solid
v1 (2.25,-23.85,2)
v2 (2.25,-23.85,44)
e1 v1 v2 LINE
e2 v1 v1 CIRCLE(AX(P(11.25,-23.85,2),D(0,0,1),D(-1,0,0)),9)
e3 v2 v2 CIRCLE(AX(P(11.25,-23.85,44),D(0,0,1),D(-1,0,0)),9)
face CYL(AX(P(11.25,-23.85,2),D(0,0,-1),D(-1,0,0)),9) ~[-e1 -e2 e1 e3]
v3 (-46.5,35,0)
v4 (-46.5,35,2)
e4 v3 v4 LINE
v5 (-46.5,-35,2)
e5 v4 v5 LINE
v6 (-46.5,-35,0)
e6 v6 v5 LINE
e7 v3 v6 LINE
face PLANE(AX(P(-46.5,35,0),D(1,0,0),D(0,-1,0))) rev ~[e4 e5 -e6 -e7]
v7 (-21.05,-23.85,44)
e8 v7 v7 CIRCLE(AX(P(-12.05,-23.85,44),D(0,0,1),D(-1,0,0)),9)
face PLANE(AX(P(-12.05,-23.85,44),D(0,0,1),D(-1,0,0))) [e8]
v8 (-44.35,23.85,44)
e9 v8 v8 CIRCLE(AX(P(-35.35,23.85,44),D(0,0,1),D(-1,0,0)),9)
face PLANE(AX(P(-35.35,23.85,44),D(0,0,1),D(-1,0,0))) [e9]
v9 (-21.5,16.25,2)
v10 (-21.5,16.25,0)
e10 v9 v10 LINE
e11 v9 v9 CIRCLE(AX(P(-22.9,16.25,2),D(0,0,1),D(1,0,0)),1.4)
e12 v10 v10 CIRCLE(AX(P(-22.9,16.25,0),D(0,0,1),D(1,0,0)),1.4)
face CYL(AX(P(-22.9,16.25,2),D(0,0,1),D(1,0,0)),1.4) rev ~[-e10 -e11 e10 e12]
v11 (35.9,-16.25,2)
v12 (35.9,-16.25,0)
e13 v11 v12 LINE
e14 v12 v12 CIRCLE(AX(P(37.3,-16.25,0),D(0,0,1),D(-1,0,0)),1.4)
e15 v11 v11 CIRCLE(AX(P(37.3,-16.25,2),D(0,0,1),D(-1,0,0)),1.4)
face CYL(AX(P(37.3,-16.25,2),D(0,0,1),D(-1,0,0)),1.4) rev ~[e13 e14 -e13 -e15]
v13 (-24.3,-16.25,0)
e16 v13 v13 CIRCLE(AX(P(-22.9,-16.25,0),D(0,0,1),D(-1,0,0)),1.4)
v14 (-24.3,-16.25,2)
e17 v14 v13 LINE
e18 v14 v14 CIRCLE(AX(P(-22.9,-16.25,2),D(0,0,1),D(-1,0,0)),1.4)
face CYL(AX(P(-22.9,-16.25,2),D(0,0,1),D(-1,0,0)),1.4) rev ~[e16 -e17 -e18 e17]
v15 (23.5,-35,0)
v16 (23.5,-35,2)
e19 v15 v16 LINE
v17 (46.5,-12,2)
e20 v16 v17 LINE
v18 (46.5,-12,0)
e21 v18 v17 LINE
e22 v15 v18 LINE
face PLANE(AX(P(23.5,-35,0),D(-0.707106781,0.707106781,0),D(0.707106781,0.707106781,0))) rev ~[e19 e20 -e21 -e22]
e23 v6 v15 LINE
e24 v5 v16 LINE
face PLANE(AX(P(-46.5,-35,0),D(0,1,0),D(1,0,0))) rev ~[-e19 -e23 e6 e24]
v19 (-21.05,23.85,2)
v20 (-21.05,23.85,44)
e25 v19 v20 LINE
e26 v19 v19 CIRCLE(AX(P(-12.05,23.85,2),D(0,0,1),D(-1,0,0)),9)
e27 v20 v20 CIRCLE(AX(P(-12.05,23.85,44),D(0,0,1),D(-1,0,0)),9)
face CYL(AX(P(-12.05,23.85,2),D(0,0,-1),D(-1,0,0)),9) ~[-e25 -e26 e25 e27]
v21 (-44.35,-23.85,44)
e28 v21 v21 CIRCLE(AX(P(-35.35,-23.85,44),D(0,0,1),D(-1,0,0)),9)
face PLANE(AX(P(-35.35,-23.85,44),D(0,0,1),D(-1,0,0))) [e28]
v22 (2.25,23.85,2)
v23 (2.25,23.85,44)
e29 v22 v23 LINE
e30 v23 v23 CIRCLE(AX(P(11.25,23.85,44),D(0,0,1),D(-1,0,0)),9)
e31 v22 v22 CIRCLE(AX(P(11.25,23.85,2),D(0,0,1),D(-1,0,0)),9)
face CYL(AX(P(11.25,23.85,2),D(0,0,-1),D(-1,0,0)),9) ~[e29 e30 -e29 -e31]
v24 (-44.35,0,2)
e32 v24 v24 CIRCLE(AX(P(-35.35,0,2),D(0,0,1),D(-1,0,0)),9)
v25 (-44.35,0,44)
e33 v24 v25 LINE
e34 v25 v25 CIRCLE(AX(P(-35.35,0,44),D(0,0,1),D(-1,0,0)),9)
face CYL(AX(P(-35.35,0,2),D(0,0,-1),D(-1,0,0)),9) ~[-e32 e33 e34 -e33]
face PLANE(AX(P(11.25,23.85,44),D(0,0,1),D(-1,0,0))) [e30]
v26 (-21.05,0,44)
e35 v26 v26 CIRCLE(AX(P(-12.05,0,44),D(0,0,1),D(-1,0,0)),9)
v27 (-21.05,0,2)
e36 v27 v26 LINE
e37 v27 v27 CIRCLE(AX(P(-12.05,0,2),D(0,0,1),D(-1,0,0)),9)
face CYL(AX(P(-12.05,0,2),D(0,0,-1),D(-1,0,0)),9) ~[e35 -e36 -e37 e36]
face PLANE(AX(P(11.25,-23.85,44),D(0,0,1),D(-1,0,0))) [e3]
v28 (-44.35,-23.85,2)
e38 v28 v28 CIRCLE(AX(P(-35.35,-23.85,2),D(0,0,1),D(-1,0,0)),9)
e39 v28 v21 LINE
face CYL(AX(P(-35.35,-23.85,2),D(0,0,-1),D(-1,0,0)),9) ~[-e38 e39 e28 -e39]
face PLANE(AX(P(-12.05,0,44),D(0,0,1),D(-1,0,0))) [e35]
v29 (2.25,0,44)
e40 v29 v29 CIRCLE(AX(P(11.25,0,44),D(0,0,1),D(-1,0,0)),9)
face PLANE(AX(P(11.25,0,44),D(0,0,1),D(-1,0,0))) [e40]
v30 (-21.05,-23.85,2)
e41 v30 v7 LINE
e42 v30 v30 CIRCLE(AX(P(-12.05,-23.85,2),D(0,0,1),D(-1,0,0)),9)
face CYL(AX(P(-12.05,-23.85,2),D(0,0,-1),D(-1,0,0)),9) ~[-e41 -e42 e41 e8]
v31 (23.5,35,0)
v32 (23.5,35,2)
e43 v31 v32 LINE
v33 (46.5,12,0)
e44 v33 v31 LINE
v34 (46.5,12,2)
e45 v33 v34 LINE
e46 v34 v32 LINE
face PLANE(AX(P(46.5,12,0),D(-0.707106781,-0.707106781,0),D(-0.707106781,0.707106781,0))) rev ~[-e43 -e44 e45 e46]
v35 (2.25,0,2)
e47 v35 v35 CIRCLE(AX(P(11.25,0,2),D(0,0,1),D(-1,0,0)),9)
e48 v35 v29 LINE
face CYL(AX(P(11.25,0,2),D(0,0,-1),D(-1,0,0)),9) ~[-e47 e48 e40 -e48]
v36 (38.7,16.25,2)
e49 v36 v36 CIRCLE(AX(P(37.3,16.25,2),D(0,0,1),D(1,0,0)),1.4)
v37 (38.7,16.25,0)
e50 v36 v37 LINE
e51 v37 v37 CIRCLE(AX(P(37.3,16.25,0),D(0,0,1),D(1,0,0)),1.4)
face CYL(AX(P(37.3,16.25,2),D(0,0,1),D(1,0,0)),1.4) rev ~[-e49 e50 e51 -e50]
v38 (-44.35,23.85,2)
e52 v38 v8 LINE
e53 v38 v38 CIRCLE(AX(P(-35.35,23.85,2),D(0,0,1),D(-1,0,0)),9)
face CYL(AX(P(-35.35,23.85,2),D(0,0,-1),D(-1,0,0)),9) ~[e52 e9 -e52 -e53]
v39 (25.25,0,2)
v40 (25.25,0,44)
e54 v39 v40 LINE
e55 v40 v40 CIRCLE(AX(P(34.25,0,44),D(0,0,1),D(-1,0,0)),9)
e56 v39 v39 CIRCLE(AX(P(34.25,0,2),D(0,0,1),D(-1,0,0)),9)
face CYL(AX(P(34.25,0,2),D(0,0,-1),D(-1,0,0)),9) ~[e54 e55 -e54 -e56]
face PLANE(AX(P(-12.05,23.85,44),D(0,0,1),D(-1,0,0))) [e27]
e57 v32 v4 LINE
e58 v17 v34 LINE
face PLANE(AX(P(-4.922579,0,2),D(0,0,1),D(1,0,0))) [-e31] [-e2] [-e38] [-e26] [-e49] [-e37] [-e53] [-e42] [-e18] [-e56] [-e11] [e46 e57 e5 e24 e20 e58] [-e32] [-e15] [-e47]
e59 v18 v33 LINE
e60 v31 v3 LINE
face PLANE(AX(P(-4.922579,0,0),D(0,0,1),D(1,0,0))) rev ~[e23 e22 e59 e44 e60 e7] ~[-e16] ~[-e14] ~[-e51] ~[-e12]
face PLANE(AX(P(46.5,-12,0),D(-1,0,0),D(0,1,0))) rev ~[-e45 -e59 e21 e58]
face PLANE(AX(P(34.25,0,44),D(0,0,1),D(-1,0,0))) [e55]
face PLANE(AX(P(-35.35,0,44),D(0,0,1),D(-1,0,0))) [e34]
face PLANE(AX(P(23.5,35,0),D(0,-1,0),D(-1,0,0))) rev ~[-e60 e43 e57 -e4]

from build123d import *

# Parameters (mm, degrees)
EXTRUDE_1_DEPTH     = 2
SKETCH_3_R          = 1.4
CUT_EXTRUDE_1_DEPTH = 2
SKETCH_4_R          = 9
EXTRUDE_2_DEPTH     = 42


with BuildPart() as part:
    # 草图1 → 凸台-拉伸1 (new body)
    with BuildSketch(Plane.XY):
        Polygon((46.5, 12), (23.5, 35), (-46.5, 35), (-46.5, -35), (23.5, -35), (46.5, -12), align=None)
    extrude(amount=EXTRUDE_1_DEPTH)

    # 草图3 → 切除-拉伸1 (cut)
    with BuildSketch(Plane.XY.offset(2)):
        with Locations((-22.9, 16.25)):
            Circle(SKETCH_3_R)
        with Locations((37.3, 16.25)):
            Circle(SKETCH_3_R)
        with Locations(Location((37.3, -16.25, 0), (0, 0, 180))):
            Circle(SKETCH_3_R)
        with Locations(Location((-22.9, -16.25, 0), (0, 0, 180))):
            Circle(SKETCH_3_R)
    extrude(amount=-CUT_EXTRUDE_1_DEPTH, mode=Mode.SUBTRACT)

    # 草图4 → 凸台-拉伸2 (add)
    with BuildSketch(Plane.XY.offset(2)):
        with Locations(Location((-35.35, -23.85, 0), (0, 0, 180))):
            Circle(SKETCH_4_R)
        with Locations(Location((-12.05, -23.85, 0), (0, 0, 180))):
            Circle(SKETCH_4_R)
        with Locations(Location((11.25, -23.85, 0), (0, 0, 180))):
            Circle(SKETCH_4_R)
        with Locations(Location((-12.05, 0, 0), (0, 0, 180))):
            Circle(SKETCH_4_R)
        with Locations(Location((11.25, 0, 0), (0, 0, 180))):
            Circle(SKETCH_4_R)
        with Locations(Location((-12.05, 23.85, 0), (0, 0, 180))):
            Circle(SKETCH_4_R)
        with Locations(Location((11.25, 23.85, 0), (0, 0, 180))):
            Circle(SKETCH_4_R)
        with Locations(Location((-35.35, 0, 0), (0, 0, 180))):
            Circle(SKETCH_4_R)
        with Locations(Location((-35.35, 23.85, 0), (0, 0, 180))):
            Circle(SKETCH_4_R)
        with Locations(Location((34.25, 0, 0), (0, 0, 180))):
            Circle(SKETCH_4_R)
    extrude(amount=EXTRUDE_2_DEPTH)


solid = part.part
